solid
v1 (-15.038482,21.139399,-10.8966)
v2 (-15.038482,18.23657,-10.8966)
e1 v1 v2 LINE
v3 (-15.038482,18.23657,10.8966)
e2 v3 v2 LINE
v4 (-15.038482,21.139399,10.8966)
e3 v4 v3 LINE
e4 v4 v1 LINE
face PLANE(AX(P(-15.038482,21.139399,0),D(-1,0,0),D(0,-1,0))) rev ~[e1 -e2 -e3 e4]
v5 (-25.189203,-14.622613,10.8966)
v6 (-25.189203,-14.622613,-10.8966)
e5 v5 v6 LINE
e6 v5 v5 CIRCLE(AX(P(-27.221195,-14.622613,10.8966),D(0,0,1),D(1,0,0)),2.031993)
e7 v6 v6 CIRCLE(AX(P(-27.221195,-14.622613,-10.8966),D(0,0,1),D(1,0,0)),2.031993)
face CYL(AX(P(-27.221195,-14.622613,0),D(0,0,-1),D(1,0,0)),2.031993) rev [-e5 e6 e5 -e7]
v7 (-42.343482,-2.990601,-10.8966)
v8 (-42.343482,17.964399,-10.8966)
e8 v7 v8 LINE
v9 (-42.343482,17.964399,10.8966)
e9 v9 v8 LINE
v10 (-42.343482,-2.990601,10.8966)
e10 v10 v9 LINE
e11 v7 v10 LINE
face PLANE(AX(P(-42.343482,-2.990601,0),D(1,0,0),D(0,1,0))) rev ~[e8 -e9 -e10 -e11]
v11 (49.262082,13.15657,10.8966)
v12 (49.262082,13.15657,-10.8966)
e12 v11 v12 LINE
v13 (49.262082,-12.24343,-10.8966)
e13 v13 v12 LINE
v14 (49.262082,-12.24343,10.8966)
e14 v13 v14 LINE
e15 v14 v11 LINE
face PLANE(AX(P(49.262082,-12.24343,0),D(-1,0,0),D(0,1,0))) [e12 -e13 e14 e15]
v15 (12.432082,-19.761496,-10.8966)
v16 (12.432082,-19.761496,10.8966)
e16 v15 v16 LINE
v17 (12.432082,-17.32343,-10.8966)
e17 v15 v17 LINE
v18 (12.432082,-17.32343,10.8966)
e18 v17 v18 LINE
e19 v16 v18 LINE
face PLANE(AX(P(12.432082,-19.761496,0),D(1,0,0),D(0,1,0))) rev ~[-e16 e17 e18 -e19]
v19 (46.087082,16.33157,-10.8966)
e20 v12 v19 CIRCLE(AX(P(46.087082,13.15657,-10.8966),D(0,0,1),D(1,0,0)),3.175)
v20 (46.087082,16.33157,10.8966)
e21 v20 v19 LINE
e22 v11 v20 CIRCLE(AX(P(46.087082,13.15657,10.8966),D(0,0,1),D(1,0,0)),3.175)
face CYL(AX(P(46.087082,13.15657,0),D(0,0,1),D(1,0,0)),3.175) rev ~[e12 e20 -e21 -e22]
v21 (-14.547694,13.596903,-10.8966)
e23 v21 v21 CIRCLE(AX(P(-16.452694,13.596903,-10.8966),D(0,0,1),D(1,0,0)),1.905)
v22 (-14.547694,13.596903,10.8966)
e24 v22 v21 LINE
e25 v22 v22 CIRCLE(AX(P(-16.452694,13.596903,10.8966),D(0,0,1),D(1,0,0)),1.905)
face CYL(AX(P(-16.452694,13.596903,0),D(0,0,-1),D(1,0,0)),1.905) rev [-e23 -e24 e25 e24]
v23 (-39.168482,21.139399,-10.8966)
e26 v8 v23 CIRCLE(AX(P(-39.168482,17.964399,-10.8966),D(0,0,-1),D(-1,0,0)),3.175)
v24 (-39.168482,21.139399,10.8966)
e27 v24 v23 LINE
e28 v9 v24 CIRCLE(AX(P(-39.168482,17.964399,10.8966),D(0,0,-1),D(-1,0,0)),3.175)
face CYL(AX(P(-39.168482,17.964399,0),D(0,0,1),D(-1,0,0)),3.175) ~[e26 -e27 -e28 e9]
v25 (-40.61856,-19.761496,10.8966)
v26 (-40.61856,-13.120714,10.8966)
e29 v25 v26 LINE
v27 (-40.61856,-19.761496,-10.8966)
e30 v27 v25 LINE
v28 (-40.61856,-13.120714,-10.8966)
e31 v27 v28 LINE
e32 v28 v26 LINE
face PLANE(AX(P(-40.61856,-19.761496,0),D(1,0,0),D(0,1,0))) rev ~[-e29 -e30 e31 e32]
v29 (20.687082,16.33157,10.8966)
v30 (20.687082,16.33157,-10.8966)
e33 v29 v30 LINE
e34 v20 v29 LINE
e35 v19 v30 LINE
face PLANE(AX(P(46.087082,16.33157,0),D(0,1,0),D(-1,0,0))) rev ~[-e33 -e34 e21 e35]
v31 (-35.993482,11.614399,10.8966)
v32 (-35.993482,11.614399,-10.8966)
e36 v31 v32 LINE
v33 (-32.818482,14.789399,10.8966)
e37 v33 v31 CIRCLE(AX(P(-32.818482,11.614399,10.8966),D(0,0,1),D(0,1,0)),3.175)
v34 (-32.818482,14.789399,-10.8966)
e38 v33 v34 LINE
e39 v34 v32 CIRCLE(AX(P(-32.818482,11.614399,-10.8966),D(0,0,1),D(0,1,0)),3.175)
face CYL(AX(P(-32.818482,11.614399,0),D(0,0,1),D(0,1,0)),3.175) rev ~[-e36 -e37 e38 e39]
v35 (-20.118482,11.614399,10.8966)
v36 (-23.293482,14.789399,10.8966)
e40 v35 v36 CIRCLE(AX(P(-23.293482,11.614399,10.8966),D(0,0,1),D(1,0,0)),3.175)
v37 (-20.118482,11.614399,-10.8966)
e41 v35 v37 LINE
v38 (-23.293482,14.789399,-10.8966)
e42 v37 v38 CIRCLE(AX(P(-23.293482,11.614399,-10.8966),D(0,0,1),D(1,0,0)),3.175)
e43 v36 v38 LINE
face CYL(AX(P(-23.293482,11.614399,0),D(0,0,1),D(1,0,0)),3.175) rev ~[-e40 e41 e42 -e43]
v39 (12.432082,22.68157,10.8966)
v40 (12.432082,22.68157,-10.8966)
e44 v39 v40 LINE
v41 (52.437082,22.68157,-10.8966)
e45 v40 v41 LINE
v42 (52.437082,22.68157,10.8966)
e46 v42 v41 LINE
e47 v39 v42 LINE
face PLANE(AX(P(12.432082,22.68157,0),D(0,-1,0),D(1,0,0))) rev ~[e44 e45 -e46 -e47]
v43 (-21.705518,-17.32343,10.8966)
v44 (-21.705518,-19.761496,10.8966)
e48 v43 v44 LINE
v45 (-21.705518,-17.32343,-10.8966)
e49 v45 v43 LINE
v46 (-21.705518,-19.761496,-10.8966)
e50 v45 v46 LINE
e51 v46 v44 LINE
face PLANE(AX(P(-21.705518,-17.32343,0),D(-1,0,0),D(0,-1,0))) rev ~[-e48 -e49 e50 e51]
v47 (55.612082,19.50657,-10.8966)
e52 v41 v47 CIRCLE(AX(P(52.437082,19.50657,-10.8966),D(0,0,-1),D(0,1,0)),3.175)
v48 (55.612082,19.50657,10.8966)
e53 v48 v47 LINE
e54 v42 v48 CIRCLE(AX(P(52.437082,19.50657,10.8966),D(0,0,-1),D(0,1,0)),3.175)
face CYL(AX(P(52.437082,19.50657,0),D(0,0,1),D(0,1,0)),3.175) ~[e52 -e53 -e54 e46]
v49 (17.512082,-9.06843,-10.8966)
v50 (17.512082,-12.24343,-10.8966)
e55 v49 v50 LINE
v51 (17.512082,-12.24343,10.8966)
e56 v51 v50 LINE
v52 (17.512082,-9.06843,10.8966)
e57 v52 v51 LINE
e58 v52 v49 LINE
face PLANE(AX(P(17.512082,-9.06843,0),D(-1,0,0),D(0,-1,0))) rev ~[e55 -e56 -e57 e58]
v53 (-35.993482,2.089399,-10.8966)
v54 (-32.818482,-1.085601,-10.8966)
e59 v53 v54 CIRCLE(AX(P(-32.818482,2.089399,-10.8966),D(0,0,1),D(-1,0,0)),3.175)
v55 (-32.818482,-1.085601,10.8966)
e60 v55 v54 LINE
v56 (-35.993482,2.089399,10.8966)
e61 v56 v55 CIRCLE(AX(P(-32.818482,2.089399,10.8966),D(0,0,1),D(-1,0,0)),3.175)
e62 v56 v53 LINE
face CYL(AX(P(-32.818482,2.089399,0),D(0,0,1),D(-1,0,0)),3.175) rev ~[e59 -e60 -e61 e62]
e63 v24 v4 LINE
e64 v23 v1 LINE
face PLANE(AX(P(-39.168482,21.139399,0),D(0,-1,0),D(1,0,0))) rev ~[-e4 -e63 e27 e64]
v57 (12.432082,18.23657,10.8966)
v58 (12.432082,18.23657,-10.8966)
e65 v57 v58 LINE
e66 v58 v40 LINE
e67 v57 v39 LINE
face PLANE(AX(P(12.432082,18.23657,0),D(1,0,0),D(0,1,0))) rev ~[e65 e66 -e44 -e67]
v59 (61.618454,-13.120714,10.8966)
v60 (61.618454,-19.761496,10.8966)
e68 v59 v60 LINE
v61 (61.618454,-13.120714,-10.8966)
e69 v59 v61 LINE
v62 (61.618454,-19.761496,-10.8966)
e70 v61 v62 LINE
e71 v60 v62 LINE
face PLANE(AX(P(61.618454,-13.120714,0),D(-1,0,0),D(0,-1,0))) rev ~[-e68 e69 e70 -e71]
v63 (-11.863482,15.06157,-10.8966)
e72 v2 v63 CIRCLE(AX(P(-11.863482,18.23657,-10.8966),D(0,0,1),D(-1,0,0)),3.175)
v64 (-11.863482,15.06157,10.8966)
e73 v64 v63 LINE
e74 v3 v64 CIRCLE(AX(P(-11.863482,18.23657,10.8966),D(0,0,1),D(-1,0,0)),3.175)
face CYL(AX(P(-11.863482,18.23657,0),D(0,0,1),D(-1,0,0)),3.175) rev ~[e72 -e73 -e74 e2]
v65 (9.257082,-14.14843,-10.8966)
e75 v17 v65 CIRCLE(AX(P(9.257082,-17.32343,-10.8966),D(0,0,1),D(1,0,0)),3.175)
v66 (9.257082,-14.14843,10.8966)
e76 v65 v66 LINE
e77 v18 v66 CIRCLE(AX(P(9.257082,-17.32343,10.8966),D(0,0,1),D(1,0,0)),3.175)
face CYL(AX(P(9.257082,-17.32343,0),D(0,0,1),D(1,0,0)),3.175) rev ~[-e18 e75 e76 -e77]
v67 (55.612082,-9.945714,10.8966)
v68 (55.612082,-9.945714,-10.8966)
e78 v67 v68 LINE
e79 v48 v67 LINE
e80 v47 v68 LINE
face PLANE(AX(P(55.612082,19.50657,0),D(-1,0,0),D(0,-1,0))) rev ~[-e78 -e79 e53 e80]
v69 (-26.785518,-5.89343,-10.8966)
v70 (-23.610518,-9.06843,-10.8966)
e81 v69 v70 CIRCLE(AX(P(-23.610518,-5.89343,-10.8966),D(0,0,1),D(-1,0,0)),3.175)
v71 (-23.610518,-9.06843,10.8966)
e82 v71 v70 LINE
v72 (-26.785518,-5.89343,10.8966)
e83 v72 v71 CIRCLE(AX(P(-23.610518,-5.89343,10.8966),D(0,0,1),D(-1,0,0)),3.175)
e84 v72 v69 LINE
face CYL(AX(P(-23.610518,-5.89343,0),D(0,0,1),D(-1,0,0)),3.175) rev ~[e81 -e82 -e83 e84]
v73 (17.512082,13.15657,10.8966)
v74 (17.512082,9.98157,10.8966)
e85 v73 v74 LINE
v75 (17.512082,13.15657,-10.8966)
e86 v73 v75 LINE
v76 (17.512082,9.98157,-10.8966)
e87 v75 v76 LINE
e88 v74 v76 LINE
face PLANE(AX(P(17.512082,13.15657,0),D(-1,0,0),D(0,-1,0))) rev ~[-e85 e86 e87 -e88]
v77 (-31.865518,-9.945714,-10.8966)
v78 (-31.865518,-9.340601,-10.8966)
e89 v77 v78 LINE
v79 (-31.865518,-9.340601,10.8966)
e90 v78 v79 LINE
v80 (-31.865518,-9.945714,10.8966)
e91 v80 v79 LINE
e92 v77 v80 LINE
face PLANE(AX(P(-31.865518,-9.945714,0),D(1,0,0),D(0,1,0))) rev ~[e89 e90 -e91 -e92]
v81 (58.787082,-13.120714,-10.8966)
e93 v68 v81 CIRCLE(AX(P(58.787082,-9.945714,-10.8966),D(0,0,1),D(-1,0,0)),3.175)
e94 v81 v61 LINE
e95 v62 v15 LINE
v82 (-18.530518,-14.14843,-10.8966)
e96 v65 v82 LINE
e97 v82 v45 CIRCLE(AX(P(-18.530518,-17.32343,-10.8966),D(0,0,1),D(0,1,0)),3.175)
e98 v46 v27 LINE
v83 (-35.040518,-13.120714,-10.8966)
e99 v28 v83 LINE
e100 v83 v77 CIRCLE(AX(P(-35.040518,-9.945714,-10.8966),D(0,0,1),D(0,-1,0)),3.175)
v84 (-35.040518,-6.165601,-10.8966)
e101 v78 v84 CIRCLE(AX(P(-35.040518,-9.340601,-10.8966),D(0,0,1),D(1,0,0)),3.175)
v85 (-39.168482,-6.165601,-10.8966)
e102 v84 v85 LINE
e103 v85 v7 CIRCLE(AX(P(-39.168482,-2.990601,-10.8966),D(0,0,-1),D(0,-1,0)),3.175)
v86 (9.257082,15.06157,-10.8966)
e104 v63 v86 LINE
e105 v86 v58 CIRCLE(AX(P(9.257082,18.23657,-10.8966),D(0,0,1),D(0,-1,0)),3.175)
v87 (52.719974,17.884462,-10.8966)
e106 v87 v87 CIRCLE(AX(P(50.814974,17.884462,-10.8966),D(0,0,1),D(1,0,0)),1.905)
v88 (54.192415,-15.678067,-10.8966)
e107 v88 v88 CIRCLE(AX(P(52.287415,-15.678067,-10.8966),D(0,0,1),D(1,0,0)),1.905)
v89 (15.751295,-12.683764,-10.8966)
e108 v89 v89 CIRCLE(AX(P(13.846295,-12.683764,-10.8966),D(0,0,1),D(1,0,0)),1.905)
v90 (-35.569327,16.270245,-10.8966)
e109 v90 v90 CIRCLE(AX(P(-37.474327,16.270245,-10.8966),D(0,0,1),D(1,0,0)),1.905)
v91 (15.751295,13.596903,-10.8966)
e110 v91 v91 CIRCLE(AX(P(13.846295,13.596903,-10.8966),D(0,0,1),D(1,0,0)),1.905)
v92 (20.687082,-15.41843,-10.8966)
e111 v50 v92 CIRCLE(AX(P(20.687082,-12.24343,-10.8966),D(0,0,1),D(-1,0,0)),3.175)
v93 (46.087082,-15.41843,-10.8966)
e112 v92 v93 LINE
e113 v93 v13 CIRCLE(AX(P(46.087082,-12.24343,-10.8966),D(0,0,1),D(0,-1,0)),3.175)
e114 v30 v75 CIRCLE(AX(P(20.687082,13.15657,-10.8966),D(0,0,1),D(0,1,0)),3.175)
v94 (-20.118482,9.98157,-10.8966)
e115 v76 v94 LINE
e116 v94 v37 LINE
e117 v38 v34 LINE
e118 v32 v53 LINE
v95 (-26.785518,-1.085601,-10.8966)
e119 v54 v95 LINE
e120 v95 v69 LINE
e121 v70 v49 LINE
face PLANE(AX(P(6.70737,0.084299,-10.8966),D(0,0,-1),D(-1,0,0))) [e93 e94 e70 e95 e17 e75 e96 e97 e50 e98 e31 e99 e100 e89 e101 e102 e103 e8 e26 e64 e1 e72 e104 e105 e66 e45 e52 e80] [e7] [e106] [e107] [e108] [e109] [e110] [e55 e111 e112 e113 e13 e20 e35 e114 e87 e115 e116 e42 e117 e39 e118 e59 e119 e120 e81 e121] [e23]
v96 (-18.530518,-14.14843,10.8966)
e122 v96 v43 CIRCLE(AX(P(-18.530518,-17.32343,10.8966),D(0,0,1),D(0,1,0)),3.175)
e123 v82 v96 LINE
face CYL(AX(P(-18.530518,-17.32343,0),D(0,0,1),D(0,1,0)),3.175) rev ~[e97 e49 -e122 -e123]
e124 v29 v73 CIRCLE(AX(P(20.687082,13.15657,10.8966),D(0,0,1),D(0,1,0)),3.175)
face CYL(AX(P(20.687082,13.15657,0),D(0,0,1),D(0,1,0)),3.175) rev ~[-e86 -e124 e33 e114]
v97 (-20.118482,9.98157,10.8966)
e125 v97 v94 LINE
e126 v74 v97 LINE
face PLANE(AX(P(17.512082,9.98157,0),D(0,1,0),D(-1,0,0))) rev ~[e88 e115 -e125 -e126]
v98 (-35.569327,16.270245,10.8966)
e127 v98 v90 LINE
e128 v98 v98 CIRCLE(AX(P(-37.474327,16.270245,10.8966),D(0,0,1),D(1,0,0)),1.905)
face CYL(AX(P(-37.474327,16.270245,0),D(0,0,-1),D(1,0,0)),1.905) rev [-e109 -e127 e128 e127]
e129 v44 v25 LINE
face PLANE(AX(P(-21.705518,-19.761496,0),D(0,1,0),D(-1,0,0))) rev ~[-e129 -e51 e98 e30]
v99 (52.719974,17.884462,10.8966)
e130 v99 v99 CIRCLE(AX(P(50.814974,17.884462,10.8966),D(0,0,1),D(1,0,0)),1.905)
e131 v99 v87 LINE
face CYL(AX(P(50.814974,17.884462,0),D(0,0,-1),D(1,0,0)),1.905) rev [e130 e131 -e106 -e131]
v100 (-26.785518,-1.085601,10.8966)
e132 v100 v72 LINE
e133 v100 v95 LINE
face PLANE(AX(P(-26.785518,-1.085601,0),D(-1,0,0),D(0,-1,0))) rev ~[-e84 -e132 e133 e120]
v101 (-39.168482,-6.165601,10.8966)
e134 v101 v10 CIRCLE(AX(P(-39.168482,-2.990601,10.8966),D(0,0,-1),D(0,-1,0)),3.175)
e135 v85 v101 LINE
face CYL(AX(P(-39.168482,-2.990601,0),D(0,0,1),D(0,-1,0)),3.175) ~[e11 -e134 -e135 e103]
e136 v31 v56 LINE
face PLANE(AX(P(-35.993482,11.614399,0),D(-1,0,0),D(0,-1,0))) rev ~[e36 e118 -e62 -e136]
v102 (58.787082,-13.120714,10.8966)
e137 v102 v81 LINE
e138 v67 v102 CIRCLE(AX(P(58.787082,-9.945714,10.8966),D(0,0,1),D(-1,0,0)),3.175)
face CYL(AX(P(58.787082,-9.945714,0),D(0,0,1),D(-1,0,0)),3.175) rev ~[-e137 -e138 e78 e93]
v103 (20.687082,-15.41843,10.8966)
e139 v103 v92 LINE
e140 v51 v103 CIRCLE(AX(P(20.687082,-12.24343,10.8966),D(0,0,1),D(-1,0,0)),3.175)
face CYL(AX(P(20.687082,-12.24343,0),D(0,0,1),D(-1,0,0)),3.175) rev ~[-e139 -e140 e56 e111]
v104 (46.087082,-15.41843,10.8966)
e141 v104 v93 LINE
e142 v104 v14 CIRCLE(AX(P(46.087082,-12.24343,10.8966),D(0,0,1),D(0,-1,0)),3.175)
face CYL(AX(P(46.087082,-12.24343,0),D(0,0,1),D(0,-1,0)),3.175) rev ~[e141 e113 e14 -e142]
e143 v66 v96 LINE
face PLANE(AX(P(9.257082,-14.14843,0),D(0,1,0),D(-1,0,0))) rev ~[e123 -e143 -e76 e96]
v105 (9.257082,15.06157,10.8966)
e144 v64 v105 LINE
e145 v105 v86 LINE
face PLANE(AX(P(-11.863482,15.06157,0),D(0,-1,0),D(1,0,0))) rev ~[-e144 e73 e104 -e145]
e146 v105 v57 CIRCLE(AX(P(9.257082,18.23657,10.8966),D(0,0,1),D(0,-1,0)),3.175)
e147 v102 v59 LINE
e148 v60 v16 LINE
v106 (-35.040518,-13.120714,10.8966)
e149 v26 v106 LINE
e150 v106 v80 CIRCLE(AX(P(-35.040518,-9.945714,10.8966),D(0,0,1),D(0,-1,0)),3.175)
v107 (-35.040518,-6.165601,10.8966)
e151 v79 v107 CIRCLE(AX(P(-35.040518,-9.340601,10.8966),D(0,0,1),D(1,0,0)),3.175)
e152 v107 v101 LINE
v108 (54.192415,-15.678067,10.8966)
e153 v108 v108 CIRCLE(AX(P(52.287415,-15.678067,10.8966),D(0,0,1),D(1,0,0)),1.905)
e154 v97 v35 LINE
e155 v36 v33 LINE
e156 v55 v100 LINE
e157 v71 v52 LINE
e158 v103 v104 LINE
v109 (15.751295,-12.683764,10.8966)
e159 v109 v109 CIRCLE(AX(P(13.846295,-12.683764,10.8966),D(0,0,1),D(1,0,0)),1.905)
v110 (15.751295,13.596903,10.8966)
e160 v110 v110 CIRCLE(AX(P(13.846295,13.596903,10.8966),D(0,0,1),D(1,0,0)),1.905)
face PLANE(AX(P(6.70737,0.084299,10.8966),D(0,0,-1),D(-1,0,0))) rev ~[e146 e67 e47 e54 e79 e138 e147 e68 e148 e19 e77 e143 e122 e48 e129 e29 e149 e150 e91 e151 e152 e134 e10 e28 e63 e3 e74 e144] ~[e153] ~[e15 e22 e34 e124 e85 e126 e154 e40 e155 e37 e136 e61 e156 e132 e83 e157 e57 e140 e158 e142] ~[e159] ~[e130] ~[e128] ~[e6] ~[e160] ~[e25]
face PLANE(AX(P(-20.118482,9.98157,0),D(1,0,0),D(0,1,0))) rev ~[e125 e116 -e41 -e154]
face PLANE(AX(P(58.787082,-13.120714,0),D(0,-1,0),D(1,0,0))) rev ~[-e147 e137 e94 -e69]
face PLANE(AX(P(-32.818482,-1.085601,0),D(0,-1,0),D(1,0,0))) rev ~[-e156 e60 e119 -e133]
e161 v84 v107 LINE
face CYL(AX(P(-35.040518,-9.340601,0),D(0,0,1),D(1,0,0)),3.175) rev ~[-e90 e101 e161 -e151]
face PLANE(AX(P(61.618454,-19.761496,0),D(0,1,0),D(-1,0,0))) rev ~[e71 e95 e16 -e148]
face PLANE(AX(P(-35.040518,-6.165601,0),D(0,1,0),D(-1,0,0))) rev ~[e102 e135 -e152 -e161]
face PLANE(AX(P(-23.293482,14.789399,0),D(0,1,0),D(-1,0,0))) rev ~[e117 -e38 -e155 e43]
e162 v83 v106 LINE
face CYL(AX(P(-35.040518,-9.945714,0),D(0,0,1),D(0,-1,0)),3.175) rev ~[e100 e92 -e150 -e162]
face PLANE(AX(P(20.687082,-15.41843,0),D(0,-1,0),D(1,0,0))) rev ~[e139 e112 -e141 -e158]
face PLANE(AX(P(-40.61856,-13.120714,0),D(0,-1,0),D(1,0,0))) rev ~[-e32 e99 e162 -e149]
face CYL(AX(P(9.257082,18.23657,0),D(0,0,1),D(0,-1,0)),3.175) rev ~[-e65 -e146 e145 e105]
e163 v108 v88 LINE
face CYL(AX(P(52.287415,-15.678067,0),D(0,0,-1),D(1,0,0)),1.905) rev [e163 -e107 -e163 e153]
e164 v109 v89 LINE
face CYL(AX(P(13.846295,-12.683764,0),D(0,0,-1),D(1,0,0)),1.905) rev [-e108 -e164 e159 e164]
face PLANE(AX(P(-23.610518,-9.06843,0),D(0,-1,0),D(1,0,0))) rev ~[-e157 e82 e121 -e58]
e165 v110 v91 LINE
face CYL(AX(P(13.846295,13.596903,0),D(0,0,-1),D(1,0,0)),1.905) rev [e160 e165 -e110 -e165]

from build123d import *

# Parameters (mm, degrees)
SKETCH4_R      = 2.031992692
SKETCH4_R_2    = 1.905
EXTRUDE3_DEPTH = 10.8966


with BuildPart() as part:
    # Sketch4 → Extrude3 (new, symmetric)
    with BuildSketch(Plane.XY):
        with BuildLine():
            Line((-42.343481517, -2.990600597), (-42.343481517, 17.964399403))
            ThreePointArc((-42.343481517, 17.964399403), (-41.413545547, 20.209463433), (-39.168481517, 21.139399403))
            Line((-39.168481517, 21.139399403), (-15.038481517, 21.139399403))
            Line((-15.038481517, 21.139399403), (-15.038481517, 18.236569756))
            ThreePointArc((-15.038481517, 18.236569756), (-14.108545547, 15.991505726), (-11.863481517, 15.061569756))
            Line((-11.863481517, 15.061569756), (9.257081626, 15.061569756))
            ThreePointArc((9.257081626, 15.061569756), (11.502145656, 15.991505726), (12.432081626, 18.236569756))
            Line((12.432081626, 18.236569756), (12.432081626, 22.681569756))
            Line((12.432081626, 22.681569756), (52.437081626, 22.681569756))
            ThreePointArc((52.437081626, 22.681569756), (54.682145656, 21.751633786), (55.612081626, 19.506569756))
            Line((55.612081626, 19.506569756), (55.612081626, -9.945714332))
            ThreePointArc((55.612081626, -9.945714332), (56.542017596, -12.190778362), (58.787081626, -13.120714332))
            Line((58.787081626, -13.120714332), (61.618454053, -13.120714332))
            Line((61.618454053, -13.120714332), (61.618454053, -19.76149571))
            Line((61.618454053, -19.76149571), (12.432081626, -19.76149571))
            Line((12.432081626, -19.76149571), (12.432081626, -17.323430244))
            ThreePointArc((12.432081626, -17.323430244), (11.502145656, -15.078366214), (9.257081626, -14.148430244))
            Line((9.257081626, -14.148430244), (-18.530518374, -14.148430244))
            ThreePointArc((-18.530518374, -14.148430244), (-20.775582404, -15.078366214), (-21.705518374, -17.323430244))
            Line((-21.705518374, -17.323430244), (-21.705518374, -19.76149571))
            Line((-21.705518374, -19.76149571), (-40.618560355, -19.76149571))
            Line((-40.618560355, -19.76149571), (-40.618560355, -13.120714332))
            Line((-40.618560355, -13.120714332), (-35.040518374, -13.120714332))
            ThreePointArc((-35.040518374, -13.120714332), (-32.795454344, -12.190778362), (-31.865518374, -9.945714332))
            Line((-31.865518374, -9.945714332), (-31.865518374, -9.340600597))
            ThreePointArc((-31.865518374, -9.340600597), (-32.795454344, -7.095536567), (-35.040518374, -6.165600597))
            Line((-35.040518374, -6.165600597), (-39.168481517, -6.165600597))
            ThreePointArc((-39.168481517, -6.165600597), (-41.413545547, -5.235664628), (-42.343481517, -2.990600597))
        make_face()
        with Locations((-27.221195322, -14.622613425)):
            Circle(SKETCH4_R, mode=Mode.SUBTRACT)
        with Locations((52.287415303, -15.678066597)):
            Circle(SKETCH4_R_2, mode=Mode.SUBTRACT)
        with Locations((13.846294556, -12.683763681)):
            Circle(SKETCH4_R_2, mode=Mode.SUBTRACT)
        with Locations((13.846294556, 13.596903192)):
            Circle(SKETCH4_R_2, mode=Mode.SUBTRACT)
        with Locations((-37.474326825, 16.270244711)):
            Circle(SKETCH4_R_2, mode=Mode.SUBTRACT)
        with Locations((-16.452694446, 13.596903192)):
            Circle(SKETCH4_R_2, mode=Mode.SUBTRACT)
        with Locations((50.814973838, 17.884461968)):
            Circle(SKETCH4_R_2, mode=Mode.SUBTRACT)
        with BuildLine():
            Line((49.262081626, -12.243430244), (49.262081626, 13.156569756))
            ThreePointArc((49.262081626, 13.156569756), (48.332145656, 15.401633786), (46.087081626, 16.331569756))
            Line((46.087081626, 16.331569756), (20.687081626, 16.331569756))
            ThreePointArc((20.687081626, 16.331569756), (18.442017596, 15.401633786), (17.512081626, 13.156569756))
            Line((17.512081626, 13.156569756), (17.512081626, 9.981569756))
            Line((17.512081626, 9.981569756), (-20.118481517, 9.981569756))
            Line((-20.118481517, 9.981569756), (-20.118481517, 11.614399403))
            ThreePointArc((-20.118481517, 11.614399403), (-21.048417487, 13.859463433), (-23.293481517, 14.789399403))
            Line((-23.293481517, 14.789399403), (-32.818481517, 14.789399403))
            ThreePointArc((-32.818481517, 14.789399403), (-35.063545547, 13.859463433), (-35.993481517, 11.614399403))
            Line((-35.993481517, 11.614399403), (-35.993481517, 2.089399403))
            ThreePointArc((-35.993481517, 2.089399403), (-35.063545547, -0.155664628), (-32.818481517, -1.085600597))
            Line((-32.818481517, -1.085600597), (-26.785518374, -1.085600597))
            Line((-26.785518374, -1.085600597), (-26.785518374, -5.893430244))
            ThreePointArc((-26.785518374, -5.893430244), (-25.855582404, -8.138494274), (-23.610518374, -9.068430244))
            Line((-23.610518374, -9.068430244), (17.512081626, -9.068430244))
            Line((17.512081626, -9.068430244), (17.512081626, -12.243430244))
            ThreePointArc((17.512081626, -12.243430244), (18.442017596, -14.488494274), (20.687081626, -15.418430244))
            Line((20.687081626, -15.418430244), (46.087081626, -15.418430244))
            ThreePointArc((46.087081626, -15.418430244), (48.332145656, -14.488494274), (49.262081626, -12.243430244))
        make_face(mode=Mode.SUBTRACT)
    extrude(amount=EXTRUDE3_DEPTH, both=True)


solid = part.part
